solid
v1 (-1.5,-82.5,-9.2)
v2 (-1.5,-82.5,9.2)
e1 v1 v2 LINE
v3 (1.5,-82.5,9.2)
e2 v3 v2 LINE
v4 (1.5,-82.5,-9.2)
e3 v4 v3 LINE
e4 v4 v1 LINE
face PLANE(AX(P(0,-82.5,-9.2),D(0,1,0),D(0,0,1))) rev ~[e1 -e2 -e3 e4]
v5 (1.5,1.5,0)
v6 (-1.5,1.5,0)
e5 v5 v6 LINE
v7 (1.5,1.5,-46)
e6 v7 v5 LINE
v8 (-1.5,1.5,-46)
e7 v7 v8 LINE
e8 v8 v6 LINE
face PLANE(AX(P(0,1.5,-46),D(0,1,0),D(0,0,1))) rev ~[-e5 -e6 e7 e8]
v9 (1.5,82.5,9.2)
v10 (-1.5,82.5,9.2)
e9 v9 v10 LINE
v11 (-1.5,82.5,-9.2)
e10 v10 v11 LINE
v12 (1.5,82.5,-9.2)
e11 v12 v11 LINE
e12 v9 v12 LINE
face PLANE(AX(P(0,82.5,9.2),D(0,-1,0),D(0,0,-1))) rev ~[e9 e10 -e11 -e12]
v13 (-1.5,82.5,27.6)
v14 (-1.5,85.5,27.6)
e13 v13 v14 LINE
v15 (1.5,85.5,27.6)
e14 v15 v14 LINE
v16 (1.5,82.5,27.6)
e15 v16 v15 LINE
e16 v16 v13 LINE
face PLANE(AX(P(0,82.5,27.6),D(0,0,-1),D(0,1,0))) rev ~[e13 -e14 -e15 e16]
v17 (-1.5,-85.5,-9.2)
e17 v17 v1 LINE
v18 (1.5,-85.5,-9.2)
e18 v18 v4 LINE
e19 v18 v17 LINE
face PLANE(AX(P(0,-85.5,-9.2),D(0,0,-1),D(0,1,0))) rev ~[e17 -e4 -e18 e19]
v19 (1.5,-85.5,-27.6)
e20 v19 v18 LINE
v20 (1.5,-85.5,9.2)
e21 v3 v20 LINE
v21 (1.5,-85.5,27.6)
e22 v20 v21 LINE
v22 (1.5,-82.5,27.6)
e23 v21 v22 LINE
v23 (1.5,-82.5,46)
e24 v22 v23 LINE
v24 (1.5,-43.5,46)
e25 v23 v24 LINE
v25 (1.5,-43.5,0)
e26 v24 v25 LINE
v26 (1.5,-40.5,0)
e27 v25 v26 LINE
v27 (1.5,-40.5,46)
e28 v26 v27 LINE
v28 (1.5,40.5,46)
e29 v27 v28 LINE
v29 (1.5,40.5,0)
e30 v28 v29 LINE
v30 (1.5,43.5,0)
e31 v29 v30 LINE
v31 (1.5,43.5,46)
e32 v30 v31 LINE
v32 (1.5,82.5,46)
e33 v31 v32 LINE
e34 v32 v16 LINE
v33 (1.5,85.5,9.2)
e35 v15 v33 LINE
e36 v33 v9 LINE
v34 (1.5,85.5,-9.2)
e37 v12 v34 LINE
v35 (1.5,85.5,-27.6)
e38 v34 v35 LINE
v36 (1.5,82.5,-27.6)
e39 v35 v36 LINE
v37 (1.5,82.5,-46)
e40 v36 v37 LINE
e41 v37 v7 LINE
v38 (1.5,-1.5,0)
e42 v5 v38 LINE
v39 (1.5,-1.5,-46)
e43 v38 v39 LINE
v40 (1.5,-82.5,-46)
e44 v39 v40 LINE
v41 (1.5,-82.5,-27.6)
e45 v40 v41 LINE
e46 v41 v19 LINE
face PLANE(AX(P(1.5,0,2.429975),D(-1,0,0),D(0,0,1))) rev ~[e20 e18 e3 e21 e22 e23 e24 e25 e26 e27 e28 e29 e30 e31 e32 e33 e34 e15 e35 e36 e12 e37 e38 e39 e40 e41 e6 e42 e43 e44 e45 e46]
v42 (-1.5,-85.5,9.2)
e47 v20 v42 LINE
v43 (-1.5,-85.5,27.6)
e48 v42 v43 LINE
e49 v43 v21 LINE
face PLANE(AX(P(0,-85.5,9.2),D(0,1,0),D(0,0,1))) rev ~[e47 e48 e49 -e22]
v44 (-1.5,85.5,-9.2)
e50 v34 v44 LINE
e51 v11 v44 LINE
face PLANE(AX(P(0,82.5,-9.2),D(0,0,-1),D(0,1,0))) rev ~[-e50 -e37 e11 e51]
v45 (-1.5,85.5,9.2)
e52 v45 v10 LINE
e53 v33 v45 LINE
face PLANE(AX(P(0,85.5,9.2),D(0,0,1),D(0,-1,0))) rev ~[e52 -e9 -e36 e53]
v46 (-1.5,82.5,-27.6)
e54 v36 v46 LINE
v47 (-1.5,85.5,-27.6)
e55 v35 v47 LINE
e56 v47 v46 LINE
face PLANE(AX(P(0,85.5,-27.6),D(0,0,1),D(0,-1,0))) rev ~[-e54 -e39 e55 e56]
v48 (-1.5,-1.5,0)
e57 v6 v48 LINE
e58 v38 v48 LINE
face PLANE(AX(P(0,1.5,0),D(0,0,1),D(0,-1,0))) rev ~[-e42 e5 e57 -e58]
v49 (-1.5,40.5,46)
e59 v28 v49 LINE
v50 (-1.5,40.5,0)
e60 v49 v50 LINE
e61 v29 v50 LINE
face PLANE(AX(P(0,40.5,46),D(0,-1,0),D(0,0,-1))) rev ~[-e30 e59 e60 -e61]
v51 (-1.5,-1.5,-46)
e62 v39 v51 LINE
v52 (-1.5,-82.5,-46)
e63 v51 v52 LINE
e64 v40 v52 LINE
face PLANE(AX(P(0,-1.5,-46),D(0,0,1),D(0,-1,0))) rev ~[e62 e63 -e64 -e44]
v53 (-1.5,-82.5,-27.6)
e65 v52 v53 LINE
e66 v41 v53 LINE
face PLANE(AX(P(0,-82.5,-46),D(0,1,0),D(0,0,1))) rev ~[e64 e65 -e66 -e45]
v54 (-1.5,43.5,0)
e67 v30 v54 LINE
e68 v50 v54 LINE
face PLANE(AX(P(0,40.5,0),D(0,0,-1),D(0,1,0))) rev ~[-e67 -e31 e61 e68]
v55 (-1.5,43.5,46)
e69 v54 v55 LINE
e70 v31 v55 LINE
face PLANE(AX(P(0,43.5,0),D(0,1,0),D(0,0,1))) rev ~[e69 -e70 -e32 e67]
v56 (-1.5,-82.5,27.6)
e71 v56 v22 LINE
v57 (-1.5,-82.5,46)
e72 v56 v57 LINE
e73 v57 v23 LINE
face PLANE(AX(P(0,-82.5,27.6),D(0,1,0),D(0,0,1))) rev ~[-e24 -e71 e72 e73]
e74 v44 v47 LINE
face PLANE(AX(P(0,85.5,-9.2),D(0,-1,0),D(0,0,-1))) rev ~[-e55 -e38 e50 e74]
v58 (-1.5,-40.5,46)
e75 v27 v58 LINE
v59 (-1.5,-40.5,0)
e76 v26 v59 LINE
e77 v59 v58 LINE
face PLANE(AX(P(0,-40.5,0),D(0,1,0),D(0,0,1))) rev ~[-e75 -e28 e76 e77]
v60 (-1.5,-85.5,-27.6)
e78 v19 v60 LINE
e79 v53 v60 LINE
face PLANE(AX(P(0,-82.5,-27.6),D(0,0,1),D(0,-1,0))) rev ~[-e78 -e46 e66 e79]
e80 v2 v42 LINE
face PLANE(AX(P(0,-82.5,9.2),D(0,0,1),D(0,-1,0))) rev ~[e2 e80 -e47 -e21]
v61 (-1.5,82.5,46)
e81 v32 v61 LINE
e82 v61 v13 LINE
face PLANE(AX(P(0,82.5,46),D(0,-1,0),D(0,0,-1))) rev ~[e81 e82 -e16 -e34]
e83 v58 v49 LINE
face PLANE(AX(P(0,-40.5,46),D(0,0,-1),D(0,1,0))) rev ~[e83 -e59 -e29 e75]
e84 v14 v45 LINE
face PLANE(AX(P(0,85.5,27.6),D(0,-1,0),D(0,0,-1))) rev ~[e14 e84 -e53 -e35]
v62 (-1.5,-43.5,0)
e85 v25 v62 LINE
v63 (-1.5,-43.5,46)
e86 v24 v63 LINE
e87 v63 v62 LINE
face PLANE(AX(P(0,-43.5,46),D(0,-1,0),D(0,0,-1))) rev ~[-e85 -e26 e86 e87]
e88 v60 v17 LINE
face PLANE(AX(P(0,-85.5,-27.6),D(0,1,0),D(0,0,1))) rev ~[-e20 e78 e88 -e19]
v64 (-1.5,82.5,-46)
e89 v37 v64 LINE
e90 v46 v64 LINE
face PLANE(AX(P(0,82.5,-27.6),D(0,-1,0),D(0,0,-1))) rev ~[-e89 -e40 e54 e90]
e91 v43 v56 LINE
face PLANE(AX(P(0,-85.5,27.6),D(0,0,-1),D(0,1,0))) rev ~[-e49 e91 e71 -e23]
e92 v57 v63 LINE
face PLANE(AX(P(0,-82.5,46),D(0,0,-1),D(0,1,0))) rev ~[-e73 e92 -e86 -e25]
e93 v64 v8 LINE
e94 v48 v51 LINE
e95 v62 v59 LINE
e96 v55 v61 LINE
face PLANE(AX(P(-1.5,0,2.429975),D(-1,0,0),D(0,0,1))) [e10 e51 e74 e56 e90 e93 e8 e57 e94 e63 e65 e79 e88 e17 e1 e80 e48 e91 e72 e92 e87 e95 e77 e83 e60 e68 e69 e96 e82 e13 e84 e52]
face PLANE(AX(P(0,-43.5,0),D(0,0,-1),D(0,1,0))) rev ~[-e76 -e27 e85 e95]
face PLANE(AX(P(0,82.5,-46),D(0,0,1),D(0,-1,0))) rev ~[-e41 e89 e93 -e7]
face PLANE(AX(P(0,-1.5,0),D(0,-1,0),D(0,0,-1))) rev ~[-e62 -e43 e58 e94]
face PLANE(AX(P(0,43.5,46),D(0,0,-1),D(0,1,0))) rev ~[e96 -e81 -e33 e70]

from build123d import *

# Parameters (mm, degrees)
ESTRUSIONE_ESTRUSIONE1_DEPTH = 1.5


with BuildPart() as part:
    # Schizzo1 → Estrusione-Estrusione1 (new body, symmetric)
    with BuildSketch(Plane(origin=(0, 0, 0), x_dir=(0, 0, -1), z_dir=(1, 0, 0))):
        Polygon((-46, -82.5), (-46, -43.5), (0, -43.5), (0, -40.5), (-46, -40.5), (-46, 40.5), (0, 40.5), (0, 43.5), (-46, 43.5), (-46, 82.5), (-27.6, 82.5), (-27.6, 85.5), (-9.2, 85.5), (-9.2, 82.5), (9.2, 82.5), (9.2, 85.5), (27.6, 85.5), (27.6, 82.5), (46, 82.5), (46, 1.5), (0, 1.5), (0, -1.5), (46, -1.5), (46, -82.5), (27.6, -82.5), (27.6, -85.5), (9.2, -85.5), (9.2, -82.5), (-9.2, -82.5), (-9.2, -85.5), (-27.6, -85.5), (-27.6, -82.5), align=None)
    extrude(amount=ESTRUSIONE_ESTRUSIONE1_DEPTH, both=True)


solid = part.part
